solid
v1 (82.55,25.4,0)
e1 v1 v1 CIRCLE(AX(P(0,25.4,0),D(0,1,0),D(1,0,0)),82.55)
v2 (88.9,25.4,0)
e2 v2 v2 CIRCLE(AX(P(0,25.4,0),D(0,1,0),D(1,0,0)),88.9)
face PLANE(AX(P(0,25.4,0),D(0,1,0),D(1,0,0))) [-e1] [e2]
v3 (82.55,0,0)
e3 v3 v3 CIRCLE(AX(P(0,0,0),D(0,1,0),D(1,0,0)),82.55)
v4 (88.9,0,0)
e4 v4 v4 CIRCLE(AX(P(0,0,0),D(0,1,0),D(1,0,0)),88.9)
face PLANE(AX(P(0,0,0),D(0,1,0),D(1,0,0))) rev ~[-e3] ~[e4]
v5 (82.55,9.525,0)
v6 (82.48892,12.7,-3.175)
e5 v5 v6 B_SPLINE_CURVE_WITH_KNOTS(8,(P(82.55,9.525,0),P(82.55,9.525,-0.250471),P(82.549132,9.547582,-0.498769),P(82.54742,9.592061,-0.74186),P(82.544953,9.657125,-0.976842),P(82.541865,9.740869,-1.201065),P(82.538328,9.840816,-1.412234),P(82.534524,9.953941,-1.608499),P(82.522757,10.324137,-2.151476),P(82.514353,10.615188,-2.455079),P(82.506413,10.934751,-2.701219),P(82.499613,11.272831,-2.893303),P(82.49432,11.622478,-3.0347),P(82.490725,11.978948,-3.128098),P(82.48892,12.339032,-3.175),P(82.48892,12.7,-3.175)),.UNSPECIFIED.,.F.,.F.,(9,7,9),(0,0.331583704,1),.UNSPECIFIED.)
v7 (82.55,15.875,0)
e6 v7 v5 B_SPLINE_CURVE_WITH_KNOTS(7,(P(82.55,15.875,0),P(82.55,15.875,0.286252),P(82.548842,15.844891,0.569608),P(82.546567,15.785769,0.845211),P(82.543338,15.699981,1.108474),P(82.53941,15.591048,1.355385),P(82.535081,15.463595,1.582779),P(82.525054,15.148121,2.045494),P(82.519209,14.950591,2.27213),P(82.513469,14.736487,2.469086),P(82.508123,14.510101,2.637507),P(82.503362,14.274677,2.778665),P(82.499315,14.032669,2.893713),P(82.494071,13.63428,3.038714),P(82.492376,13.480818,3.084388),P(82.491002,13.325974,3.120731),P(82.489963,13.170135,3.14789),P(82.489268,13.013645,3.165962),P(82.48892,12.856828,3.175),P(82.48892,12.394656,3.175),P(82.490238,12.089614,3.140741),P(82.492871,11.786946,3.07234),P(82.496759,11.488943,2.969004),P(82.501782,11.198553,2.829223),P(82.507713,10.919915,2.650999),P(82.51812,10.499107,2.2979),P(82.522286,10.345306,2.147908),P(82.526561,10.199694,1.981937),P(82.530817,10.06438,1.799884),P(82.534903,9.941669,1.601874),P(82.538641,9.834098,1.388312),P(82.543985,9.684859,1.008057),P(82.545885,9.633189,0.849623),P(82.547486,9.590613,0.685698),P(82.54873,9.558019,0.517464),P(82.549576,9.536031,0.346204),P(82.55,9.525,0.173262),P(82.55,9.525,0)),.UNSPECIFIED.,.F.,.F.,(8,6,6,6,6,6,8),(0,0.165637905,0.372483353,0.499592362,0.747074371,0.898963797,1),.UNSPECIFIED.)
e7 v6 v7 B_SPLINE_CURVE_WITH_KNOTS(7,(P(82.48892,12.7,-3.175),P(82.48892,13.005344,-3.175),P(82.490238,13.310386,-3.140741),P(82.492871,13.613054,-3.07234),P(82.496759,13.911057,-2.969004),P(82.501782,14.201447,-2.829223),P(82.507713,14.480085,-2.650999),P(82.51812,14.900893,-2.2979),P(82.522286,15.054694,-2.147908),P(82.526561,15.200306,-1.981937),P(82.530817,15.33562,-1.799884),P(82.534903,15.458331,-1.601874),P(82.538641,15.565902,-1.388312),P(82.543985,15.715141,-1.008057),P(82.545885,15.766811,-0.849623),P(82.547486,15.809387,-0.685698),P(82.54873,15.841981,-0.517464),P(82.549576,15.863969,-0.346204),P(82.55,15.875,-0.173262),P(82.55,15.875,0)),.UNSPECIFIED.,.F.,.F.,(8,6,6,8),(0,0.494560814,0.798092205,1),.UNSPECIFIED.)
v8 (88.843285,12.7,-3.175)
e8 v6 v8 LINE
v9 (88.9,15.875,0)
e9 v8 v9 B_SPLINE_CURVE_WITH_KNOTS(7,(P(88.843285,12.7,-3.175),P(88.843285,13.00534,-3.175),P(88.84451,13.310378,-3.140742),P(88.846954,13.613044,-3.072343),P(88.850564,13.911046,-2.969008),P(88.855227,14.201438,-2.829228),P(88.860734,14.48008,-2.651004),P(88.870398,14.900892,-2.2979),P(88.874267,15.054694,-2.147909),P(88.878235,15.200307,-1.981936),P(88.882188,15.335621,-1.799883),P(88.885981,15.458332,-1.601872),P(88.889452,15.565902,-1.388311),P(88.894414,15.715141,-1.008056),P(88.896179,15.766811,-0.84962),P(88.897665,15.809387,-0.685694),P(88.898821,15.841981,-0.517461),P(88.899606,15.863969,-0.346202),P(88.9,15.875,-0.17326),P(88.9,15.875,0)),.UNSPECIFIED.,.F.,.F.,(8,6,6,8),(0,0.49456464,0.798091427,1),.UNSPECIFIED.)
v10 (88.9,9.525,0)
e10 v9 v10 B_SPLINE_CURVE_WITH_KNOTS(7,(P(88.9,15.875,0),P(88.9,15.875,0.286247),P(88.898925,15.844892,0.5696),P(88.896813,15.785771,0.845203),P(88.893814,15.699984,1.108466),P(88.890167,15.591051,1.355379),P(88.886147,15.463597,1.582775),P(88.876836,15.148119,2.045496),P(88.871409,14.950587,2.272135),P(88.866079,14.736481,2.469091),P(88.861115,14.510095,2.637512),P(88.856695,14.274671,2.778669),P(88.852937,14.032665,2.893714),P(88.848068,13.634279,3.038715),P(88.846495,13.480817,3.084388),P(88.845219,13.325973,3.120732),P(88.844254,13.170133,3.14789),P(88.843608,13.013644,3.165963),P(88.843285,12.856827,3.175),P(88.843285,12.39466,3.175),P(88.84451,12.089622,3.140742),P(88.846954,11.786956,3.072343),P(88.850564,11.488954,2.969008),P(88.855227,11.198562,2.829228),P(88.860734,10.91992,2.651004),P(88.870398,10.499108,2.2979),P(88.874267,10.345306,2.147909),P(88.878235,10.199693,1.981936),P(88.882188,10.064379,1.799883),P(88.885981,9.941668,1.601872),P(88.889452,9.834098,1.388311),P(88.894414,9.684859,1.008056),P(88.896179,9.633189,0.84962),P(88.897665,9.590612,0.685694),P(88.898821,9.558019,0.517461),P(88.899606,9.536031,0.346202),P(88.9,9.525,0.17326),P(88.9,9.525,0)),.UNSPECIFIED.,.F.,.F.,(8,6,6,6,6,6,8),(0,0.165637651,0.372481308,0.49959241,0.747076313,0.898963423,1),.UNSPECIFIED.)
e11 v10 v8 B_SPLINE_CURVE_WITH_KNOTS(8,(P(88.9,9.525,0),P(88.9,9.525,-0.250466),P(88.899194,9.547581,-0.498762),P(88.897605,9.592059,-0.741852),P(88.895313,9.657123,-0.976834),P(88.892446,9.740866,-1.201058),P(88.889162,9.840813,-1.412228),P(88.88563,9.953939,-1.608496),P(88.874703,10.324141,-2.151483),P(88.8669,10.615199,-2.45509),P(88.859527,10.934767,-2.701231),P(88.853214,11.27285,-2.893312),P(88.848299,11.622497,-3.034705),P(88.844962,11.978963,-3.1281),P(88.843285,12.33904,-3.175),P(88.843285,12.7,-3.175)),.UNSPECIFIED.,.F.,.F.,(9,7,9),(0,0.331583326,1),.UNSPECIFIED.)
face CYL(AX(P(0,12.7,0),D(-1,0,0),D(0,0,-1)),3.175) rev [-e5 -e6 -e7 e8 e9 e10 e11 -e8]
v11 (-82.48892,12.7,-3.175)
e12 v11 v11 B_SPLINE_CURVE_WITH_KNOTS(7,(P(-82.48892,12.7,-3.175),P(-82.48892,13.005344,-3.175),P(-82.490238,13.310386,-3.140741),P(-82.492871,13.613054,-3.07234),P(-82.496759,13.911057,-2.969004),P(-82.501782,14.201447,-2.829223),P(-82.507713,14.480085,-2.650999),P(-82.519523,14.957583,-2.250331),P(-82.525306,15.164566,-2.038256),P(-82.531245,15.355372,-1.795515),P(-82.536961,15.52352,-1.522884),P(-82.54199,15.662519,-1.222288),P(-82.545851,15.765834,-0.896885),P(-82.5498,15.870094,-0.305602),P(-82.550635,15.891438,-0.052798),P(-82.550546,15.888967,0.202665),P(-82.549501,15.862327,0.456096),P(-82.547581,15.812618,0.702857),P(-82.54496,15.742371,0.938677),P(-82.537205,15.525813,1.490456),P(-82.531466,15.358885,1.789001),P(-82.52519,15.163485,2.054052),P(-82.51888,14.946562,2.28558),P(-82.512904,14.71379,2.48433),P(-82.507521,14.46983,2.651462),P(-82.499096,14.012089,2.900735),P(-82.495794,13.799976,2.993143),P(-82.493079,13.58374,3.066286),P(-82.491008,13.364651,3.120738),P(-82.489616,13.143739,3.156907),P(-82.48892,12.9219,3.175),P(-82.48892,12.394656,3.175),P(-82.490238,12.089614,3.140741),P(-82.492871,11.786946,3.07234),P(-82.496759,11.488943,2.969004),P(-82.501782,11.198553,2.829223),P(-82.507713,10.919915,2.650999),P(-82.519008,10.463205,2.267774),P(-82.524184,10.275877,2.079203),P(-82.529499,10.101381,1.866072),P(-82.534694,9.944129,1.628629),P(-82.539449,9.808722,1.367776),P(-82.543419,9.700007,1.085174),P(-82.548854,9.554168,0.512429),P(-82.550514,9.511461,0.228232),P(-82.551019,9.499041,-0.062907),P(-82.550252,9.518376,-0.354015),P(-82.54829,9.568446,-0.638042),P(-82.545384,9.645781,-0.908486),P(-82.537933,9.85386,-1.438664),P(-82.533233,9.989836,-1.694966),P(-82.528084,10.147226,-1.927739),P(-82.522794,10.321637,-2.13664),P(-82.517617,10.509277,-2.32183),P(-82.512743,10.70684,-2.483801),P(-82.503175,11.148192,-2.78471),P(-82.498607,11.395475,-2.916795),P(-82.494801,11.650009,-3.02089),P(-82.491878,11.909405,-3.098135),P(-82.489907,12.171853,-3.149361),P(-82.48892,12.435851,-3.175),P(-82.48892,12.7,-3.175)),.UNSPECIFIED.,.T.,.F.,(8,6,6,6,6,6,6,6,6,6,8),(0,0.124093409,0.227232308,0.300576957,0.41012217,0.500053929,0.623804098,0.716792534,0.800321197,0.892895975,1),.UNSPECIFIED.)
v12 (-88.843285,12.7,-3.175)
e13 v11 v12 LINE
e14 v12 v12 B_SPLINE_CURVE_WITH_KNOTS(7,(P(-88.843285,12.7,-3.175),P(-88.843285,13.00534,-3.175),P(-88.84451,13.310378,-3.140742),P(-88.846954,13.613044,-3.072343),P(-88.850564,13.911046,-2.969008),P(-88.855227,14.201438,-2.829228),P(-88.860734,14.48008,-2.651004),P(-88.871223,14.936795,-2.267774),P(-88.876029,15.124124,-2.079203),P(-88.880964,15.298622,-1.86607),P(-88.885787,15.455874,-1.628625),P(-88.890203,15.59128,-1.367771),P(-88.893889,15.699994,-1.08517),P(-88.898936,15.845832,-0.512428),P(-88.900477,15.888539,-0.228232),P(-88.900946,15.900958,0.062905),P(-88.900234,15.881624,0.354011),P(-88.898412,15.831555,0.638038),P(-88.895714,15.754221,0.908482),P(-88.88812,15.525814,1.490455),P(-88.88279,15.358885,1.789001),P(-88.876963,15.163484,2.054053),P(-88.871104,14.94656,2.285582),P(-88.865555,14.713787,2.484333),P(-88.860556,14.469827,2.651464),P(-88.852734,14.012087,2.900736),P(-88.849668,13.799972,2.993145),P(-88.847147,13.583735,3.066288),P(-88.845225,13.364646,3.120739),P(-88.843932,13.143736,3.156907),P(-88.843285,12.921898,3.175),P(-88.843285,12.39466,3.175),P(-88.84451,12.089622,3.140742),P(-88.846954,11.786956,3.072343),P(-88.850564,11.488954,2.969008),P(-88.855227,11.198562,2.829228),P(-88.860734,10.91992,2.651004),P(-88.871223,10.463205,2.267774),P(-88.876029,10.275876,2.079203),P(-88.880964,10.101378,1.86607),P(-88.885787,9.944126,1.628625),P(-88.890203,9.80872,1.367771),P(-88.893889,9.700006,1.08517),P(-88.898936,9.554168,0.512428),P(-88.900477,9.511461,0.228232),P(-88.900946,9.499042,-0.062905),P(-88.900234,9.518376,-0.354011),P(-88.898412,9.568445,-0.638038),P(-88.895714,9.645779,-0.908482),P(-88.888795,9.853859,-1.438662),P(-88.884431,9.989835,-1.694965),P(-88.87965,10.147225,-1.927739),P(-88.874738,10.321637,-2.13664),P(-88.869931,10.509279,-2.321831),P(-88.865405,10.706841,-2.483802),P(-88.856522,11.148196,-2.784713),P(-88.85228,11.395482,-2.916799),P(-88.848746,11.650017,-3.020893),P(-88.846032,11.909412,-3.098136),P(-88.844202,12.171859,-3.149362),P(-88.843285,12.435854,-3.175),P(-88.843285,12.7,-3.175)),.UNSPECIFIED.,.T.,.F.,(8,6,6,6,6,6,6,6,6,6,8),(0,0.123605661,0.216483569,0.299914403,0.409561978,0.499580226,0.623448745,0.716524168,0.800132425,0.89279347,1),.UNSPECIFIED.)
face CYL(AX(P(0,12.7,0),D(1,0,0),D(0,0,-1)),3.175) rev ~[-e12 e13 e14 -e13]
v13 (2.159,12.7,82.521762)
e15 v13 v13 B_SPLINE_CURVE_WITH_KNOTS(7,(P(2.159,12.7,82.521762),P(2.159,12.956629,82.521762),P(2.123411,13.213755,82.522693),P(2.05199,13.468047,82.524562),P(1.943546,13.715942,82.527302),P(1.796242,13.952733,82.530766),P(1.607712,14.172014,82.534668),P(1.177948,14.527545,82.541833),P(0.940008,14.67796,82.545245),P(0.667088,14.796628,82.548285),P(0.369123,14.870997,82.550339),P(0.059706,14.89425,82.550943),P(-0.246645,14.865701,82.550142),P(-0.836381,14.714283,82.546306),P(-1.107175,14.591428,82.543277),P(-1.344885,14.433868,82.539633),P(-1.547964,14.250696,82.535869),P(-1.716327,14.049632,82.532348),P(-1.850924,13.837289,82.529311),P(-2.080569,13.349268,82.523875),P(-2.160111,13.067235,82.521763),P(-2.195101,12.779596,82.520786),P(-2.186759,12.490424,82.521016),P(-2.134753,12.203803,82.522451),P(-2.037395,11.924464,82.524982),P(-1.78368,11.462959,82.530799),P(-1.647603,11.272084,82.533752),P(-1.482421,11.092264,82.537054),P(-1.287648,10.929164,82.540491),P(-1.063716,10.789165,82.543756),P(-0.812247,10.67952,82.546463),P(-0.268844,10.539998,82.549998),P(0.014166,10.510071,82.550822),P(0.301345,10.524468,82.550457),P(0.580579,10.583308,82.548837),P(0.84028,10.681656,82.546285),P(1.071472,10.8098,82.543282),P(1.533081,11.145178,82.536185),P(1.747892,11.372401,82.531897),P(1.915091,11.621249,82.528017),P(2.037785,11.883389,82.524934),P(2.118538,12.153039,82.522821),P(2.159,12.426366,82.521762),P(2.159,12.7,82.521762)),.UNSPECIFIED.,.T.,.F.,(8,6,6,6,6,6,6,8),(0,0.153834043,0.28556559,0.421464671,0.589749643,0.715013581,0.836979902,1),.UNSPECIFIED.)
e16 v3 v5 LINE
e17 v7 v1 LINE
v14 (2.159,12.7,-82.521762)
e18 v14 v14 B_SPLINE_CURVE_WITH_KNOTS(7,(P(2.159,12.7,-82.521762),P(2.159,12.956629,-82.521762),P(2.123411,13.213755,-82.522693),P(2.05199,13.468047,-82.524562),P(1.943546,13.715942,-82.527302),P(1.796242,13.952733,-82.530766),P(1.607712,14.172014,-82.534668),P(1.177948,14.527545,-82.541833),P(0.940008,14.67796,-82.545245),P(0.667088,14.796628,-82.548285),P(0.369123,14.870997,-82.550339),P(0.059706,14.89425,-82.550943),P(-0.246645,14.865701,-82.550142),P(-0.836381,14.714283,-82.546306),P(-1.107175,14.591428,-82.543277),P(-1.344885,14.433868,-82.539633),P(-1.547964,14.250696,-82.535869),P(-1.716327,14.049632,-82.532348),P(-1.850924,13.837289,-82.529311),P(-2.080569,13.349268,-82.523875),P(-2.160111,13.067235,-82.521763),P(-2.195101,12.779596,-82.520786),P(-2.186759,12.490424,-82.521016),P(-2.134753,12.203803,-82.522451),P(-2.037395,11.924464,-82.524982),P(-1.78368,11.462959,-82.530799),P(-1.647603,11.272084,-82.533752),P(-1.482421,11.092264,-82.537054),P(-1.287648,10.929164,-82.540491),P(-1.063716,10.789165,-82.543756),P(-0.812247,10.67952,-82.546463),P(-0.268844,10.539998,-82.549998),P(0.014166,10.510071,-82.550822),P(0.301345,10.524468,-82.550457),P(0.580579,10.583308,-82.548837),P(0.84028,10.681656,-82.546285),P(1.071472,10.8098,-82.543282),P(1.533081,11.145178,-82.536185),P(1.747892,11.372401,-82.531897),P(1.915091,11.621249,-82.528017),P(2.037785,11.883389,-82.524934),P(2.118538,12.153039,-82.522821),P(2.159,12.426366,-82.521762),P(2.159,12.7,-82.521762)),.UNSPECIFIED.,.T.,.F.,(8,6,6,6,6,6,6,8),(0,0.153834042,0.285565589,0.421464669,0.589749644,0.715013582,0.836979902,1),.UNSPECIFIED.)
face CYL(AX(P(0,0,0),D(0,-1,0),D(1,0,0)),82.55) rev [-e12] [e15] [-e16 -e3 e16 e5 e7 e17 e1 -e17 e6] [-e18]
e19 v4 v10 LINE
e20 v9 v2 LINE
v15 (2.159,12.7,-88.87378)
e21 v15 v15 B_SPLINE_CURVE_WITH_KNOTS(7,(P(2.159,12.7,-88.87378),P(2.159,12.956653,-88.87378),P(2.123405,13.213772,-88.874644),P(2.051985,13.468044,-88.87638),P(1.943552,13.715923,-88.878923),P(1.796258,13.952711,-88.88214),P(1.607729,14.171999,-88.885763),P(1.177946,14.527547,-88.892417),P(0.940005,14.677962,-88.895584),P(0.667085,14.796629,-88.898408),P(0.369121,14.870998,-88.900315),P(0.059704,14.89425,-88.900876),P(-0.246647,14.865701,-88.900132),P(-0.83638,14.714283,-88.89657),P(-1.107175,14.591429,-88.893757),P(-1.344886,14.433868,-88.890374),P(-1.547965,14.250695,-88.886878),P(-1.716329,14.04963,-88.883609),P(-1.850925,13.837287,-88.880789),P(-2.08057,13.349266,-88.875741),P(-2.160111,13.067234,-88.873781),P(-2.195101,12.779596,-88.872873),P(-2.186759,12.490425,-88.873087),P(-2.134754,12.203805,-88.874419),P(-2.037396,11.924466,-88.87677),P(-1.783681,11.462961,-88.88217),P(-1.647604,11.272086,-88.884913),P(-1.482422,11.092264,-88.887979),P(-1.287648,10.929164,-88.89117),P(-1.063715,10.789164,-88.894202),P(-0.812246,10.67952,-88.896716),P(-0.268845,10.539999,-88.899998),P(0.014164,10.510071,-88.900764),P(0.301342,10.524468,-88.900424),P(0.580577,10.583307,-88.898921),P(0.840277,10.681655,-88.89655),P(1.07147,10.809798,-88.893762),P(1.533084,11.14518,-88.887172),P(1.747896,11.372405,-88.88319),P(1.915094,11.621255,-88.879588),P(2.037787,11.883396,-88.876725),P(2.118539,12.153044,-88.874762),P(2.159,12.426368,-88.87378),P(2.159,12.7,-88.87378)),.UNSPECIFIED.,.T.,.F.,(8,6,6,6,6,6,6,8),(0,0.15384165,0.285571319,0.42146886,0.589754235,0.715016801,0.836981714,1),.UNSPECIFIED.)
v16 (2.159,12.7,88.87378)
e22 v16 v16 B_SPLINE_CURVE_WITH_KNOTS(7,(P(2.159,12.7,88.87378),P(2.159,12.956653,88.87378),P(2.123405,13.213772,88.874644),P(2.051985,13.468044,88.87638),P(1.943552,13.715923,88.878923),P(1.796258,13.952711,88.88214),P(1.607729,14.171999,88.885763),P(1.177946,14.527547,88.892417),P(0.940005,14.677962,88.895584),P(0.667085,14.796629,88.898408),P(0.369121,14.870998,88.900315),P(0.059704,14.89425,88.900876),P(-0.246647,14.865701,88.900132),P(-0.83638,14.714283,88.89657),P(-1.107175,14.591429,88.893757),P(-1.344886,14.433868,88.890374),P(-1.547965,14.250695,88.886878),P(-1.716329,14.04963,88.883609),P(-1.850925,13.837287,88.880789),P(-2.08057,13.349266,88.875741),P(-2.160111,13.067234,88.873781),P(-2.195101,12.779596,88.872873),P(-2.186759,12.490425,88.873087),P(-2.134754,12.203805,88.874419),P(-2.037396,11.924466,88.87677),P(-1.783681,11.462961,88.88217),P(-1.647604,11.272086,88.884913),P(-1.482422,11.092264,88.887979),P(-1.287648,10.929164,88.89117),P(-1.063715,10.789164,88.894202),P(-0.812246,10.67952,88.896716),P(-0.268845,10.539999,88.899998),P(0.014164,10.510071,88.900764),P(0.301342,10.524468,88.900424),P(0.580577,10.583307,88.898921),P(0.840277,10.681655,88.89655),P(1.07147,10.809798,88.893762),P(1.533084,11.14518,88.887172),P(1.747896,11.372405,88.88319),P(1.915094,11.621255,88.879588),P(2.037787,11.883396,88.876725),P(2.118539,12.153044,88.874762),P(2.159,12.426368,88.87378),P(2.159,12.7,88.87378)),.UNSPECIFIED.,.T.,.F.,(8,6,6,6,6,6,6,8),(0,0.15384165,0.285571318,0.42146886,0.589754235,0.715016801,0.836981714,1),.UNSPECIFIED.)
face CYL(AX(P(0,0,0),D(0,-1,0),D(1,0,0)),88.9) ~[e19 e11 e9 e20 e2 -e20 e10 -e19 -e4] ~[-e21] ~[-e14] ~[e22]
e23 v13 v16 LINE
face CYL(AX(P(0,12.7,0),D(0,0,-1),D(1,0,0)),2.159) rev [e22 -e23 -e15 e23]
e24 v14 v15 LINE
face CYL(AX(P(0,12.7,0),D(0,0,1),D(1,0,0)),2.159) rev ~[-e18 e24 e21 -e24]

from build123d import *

# Parameters (mm, degrees)
SKETCH1_R               = 88.9
SKETCH1_R_2             = 82.55
BOSS_EXTRUDE1_DEPTH     = 25.4
SKETCH2_R               = 3.175
CUT_EXTRUDE1_DEPTH      = 89.9
CUT_EXTRUDE1_DEPTH_BACK = 89.9
SKETCH3_R               = 2.159
CUT_EXTRUDE2_DEPTH      = 89.9000001
CUT_EXTRUDE2_DEPTH_BACK = 89.9000001


with BuildPart() as part:
    # Sketch1 → Boss-Extrude1 (new body)
    with BuildSketch(Plane(origin=(0, 0, 0), x_dir=(1, 0, 0), z_dir=(0, 1, 0))):
        Circle(SKETCH1_R)
        Circle(SKETCH1_R_2, mode=Mode.SUBTRACT)
    extrude(amount=BOSS_EXTRUDE1_DEPTH)

    # Sketch2 → Cut-Extrude1 (cut, two sides)
    with BuildSketch(Plane(origin=(0, 0, 0), x_dir=(0, 0, -1), z_dir=(1, 0, 0))) as cut_extrude1_sk:
        with Locations((0, 12.7)):
            Circle(SKETCH2_R)
    extrude(amount=CUT_EXTRUDE1_DEPTH, mode=Mode.SUBTRACT)
    extrude(cut_extrude1_sk.sketch, amount=-CUT_EXTRUDE1_DEPTH_BACK, mode=Mode.SUBTRACT)

    # Sketch3 → Cut-Extrude2 (cut, two sides)
    with BuildSketch(Plane.XY) as cut_extrude2_sk:
        with Locations((0, 12.7)):
            Circle(SKETCH3_R)
    extrude(amount=CUT_EXTRUDE2_DEPTH, mode=Mode.SUBTRACT)
    extrude(cut_extrude2_sk.sketch, amount=-CUT_EXTRUDE2_DEPTH_BACK, mode=Mode.SUBTRACT)


solid = part.part
